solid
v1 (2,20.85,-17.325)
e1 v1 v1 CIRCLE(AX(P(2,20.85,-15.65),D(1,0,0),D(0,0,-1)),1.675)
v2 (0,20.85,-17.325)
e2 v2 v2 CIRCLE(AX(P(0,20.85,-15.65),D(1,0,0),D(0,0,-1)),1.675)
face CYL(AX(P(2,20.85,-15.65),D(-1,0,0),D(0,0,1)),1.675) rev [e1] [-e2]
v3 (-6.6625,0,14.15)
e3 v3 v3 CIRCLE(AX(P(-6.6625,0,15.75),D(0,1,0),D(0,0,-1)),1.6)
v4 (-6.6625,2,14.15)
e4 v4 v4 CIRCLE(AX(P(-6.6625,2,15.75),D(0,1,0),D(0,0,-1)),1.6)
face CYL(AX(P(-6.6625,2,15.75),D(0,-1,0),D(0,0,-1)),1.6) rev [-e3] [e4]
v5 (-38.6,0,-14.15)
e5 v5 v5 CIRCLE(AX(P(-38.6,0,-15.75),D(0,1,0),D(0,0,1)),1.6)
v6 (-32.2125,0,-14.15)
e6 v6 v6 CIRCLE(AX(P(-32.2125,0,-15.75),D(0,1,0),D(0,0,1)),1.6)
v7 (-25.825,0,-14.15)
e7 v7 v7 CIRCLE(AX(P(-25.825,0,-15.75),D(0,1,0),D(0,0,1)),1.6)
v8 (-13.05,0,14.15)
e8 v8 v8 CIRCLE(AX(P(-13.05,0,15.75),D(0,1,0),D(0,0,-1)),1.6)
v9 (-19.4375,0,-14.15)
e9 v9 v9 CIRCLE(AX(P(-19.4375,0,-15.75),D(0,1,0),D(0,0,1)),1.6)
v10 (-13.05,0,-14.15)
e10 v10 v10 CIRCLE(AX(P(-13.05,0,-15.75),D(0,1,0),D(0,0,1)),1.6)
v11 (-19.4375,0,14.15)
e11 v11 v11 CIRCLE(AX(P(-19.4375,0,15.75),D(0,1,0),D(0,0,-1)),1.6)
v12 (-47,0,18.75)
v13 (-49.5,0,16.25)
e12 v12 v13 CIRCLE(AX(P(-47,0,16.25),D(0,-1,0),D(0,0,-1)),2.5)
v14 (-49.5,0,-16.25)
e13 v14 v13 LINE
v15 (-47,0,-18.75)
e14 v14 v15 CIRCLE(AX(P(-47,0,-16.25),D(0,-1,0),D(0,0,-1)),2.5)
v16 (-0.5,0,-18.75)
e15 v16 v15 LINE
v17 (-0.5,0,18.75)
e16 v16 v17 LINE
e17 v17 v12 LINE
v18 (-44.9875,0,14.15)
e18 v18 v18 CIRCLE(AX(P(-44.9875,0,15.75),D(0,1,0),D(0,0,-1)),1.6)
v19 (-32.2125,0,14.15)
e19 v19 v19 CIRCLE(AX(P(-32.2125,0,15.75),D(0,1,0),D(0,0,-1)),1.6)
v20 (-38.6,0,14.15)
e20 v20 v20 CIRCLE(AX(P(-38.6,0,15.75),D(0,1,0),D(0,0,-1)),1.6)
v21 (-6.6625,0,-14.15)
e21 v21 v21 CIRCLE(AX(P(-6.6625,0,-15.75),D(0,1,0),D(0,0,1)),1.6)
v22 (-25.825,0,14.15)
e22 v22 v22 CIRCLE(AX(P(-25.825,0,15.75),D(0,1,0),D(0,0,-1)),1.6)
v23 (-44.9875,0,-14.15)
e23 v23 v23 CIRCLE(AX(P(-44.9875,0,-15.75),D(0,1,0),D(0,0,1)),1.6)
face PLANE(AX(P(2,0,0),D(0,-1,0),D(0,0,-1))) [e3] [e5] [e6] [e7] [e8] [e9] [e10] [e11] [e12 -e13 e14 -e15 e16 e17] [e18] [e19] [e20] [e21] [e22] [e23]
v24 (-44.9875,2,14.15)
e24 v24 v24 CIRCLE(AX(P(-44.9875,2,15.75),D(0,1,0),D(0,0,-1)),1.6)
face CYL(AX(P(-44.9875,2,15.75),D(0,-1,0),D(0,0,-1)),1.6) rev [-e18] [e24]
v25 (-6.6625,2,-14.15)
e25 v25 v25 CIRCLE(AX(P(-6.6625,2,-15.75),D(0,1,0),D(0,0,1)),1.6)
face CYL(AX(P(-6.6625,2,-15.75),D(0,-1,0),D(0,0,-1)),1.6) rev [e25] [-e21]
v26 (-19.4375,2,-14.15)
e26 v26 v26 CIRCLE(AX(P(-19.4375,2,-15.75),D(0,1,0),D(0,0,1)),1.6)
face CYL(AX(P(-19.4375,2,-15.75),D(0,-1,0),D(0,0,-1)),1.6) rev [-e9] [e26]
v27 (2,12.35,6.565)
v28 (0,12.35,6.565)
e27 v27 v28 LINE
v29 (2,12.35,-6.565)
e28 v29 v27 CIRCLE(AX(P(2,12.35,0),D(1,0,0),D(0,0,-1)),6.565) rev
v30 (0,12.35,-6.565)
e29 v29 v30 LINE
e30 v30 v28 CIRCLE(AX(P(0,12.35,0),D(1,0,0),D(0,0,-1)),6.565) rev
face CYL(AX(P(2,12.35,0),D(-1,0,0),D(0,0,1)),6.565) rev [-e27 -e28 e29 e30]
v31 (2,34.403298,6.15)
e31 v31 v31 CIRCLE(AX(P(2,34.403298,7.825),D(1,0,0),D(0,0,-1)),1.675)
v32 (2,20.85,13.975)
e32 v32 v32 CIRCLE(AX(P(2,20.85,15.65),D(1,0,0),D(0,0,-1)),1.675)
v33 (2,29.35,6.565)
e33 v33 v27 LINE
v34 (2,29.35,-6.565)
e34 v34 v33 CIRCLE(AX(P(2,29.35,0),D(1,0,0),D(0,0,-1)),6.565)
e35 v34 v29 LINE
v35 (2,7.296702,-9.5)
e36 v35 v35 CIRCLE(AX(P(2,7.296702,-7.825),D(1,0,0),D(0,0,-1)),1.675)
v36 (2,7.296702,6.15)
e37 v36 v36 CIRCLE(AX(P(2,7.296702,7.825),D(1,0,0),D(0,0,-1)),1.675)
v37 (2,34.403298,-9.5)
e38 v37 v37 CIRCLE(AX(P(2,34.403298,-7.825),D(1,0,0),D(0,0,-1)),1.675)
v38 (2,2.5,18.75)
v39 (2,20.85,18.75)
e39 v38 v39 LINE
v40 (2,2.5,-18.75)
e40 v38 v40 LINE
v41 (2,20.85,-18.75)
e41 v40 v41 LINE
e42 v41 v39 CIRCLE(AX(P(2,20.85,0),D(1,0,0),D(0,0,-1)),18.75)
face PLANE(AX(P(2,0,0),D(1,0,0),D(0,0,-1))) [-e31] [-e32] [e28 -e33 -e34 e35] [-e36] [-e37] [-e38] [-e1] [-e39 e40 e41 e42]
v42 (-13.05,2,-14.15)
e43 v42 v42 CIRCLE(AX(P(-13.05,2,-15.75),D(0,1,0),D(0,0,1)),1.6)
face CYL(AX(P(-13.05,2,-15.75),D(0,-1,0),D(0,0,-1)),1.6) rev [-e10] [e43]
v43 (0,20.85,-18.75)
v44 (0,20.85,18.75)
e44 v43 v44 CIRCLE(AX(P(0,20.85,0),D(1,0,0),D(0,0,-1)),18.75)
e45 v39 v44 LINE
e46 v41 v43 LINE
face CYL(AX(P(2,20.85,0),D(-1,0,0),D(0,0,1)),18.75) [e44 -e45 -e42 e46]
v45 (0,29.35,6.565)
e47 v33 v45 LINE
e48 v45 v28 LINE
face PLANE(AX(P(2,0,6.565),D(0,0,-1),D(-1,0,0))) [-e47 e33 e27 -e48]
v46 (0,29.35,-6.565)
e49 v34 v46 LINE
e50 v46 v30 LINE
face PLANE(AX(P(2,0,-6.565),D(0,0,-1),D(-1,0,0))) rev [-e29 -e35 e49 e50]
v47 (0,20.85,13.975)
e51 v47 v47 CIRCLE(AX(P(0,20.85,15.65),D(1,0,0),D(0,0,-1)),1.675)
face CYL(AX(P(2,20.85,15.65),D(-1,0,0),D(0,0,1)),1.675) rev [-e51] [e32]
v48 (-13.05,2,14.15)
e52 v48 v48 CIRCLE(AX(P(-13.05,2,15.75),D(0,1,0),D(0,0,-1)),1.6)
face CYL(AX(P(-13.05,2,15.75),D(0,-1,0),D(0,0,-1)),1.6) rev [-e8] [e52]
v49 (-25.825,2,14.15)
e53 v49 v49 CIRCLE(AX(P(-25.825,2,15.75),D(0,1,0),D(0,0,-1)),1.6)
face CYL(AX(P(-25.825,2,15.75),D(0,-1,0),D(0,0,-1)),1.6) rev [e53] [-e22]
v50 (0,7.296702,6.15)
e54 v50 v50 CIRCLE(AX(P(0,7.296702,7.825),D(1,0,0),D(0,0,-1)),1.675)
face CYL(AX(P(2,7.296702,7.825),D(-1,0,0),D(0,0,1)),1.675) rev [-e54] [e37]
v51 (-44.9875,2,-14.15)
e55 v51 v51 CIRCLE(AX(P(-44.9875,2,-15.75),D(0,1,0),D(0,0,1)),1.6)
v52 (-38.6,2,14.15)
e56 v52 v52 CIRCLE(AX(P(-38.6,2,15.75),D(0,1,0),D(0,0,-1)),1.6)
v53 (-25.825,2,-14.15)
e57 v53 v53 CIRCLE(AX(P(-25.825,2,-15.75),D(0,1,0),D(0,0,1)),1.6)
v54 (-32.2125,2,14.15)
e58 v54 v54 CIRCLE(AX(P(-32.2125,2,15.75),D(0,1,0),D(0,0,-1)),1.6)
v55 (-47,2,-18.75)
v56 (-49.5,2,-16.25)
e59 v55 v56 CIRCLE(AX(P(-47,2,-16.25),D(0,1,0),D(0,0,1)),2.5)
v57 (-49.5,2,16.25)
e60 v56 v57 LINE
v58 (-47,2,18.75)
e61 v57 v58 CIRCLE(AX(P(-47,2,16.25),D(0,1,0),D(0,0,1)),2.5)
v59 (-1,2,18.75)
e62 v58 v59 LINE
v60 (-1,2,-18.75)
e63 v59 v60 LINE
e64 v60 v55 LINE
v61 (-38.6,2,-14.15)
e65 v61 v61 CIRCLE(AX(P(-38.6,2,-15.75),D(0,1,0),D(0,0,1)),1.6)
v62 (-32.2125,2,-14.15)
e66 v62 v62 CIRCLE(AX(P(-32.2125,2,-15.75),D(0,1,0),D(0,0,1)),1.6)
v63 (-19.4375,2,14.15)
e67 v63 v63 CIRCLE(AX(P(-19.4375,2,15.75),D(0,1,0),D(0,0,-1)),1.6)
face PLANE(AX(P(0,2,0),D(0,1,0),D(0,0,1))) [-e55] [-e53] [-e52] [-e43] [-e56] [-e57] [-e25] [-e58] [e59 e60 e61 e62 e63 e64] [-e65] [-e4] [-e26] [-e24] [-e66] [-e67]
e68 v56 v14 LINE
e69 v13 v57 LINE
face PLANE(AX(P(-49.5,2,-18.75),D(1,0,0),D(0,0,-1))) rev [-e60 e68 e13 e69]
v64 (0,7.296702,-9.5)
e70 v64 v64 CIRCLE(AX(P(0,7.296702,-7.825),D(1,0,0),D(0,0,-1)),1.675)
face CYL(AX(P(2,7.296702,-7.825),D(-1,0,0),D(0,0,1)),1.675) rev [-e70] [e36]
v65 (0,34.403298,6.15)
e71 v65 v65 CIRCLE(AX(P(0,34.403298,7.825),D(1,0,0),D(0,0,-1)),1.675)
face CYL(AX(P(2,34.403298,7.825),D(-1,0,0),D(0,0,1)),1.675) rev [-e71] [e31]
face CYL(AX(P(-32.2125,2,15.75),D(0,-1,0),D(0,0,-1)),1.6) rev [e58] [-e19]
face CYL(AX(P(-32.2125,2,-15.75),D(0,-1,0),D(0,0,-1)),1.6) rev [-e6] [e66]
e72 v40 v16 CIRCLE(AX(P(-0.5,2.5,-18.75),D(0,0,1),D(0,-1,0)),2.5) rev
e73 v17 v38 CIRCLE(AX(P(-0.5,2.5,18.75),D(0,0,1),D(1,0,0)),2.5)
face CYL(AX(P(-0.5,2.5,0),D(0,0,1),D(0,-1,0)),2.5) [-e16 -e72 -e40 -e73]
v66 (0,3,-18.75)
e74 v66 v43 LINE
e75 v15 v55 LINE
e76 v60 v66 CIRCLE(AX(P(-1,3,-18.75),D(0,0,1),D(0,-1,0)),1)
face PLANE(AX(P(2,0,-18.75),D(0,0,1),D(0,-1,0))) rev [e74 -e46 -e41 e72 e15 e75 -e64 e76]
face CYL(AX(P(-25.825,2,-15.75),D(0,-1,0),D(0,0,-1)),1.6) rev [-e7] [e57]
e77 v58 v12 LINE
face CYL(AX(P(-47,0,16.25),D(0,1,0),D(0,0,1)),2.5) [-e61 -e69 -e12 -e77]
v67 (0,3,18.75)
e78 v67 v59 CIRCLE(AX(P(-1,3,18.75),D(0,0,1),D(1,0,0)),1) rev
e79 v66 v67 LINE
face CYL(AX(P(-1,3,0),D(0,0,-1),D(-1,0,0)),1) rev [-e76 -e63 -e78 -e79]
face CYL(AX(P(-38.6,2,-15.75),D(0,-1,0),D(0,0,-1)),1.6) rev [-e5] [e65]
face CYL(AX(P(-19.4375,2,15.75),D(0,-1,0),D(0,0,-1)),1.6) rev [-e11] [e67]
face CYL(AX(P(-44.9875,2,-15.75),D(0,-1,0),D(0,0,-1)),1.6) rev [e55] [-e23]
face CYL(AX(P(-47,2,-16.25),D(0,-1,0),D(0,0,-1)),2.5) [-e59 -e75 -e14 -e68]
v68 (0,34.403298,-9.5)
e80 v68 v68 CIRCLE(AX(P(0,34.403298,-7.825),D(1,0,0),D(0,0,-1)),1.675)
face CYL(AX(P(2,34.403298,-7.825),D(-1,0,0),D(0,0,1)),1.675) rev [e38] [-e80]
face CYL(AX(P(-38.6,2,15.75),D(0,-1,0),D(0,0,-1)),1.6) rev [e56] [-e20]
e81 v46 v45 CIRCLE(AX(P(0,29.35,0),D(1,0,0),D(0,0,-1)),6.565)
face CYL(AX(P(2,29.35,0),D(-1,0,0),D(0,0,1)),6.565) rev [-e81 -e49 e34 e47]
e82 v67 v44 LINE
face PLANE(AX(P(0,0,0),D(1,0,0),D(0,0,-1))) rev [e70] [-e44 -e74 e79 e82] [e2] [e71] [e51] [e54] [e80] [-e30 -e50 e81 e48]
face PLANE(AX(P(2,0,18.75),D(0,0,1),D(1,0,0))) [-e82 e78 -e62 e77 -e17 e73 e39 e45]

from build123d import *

# Parameters (mm, degrees)
SKETCH1_R           = 1.675
BOSS_EXTRUDE1_DEPTH = 2
SKETCH2_W           = 49.5
SKETCH2_H           = 37.5
SKETCH2_R           = 1.6
BOSS_EXTRUDE2_DEPTH = 2
FILLET1_R           = 2.5
FILLET2_R           = 1


with BuildPart() as part:
    # Sketch1 → Boss-Extrude1 (new body)
    with BuildSketch(Plane(origin=(0, 0, 0), x_dir=(0, 0, -1), z_dir=(1, 0, 0))):
        with BuildLine():
            Line((-18.75, 0), (18.75, 0))
            Line((18.75, 0), (18.75, 20.85))
            ThreePointArc((18.75, 20.85), (0, 39.6), (-18.75, 20.85))
            Line((-18.75, 20.85), (-18.75, 0))
        make_face()
        with Locations((-7.825, 7.296702431)):
            Circle(SKETCH1_R, mode=Mode.SUBTRACT)
        with Locations((7.825, 7.296702431)):
            Circle(SKETCH1_R, mode=Mode.SUBTRACT)
        with Locations((-15.65, 20.85)):
            Circle(SKETCH1_R, mode=Mode.SUBTRACT)
        with Locations((-7.825, 34.403297569)):
            Circle(SKETCH1_R, mode=Mode.SUBTRACT)
        with BuildLine():
            Line((-6.565, 12.35), (-6.565, 29.35))
            ThreePointArc((-6.565, 29.35), (0, 35.915), (6.565, 29.35))
            Line((6.565, 29.35), (6.565, 12.35))
            ThreePointArc((6.565, 12.35), (0, 5.785), (-6.565, 12.35))
        make_face(mode=Mode.SUBTRACT)
        with Locations((15.65, 20.85)):
            Circle(SKETCH1_R, mode=Mode.SUBTRACT)
        with Locations((7.825, 34.403297569)):
            Circle(SKETCH1_R, mode=Mode.SUBTRACT)
    extrude(amount=BOSS_EXTRUDE1_DEPTH)

    # Sketch2 → Boss-Extrude2 (add)
    with BuildSketch(Plane(origin=(0, 0, 0), x_dir=(1, 0, 0), z_dir=(0, 1, 0))):
        with Locations((-24.75, 0)):
            Rectangle(SKETCH2_W, SKETCH2_H)
        with Locations((-44.9875, 15.75)):
            Circle(SKETCH2_R, mode=Mode.SUBTRACT)
        with Locations((-38.6, 15.75)):
            Circle(SKETCH2_R, mode=Mode.SUBTRACT)
        with Locations((-32.2125, 15.75)):
            Circle(SKETCH2_R, mode=Mode.SUBTRACT)
        with Locations((-25.825, 15.75)):
            Circle(SKETCH2_R, mode=Mode.SUBTRACT)
        with Locations((-19.4375, 15.75)):
            Circle(SKETCH2_R, mode=Mode.SUBTRACT)
        with Locations((-13.05, 15.75)):
            Circle(SKETCH2_R, mode=Mode.SUBTRACT)
        with Locations((-6.6625, 15.75)):
            Circle(SKETCH2_R, mode=Mode.SUBTRACT)
        with Locations((-6.6625, -15.75)):
            Circle(SKETCH2_R, mode=Mode.SUBTRACT)
        with Locations((-13.05, -15.75)):
            Circle(SKETCH2_R, mode=Mode.SUBTRACT)
        with Locations((-19.4375, -15.75)):
            Circle(SKETCH2_R, mode=Mode.SUBTRACT)
        with Locations((-44.9875, -15.75)):
            Circle(SKETCH2_R, mode=Mode.SUBTRACT)
        with Locations((-38.6, -15.75)):
            Circle(SKETCH2_R, mode=Mode.SUBTRACT)
        with Locations((-32.2125, -15.75)):
            Circle(SKETCH2_R, mode=Mode.SUBTRACT)
        with Locations((-25.825, -15.75)):
            Circle(SKETCH2_R, mode=Mode.SUBTRACT)
    extrude(amount=BOSS_EXTRUDE2_DEPTH)

    # Fillet1
    fillet1_edges = [part.edges().sort_by_distance(p)[0] for p in [
        (-49.5, 1, 18.75),
        (-49.5, 1, -18.75),
        (2, 0, 0),
    ]]
    fillet(fillet1_edges, radius=FILLET1_R)

    # Fillet2
    fillet2_edges = [part.edges().sort_by_distance(p)[0] for p in [
        (0, 2, 0),
    ]]
    fillet(fillet2_edges, radius=FILLET2_R)


solid = part.part
